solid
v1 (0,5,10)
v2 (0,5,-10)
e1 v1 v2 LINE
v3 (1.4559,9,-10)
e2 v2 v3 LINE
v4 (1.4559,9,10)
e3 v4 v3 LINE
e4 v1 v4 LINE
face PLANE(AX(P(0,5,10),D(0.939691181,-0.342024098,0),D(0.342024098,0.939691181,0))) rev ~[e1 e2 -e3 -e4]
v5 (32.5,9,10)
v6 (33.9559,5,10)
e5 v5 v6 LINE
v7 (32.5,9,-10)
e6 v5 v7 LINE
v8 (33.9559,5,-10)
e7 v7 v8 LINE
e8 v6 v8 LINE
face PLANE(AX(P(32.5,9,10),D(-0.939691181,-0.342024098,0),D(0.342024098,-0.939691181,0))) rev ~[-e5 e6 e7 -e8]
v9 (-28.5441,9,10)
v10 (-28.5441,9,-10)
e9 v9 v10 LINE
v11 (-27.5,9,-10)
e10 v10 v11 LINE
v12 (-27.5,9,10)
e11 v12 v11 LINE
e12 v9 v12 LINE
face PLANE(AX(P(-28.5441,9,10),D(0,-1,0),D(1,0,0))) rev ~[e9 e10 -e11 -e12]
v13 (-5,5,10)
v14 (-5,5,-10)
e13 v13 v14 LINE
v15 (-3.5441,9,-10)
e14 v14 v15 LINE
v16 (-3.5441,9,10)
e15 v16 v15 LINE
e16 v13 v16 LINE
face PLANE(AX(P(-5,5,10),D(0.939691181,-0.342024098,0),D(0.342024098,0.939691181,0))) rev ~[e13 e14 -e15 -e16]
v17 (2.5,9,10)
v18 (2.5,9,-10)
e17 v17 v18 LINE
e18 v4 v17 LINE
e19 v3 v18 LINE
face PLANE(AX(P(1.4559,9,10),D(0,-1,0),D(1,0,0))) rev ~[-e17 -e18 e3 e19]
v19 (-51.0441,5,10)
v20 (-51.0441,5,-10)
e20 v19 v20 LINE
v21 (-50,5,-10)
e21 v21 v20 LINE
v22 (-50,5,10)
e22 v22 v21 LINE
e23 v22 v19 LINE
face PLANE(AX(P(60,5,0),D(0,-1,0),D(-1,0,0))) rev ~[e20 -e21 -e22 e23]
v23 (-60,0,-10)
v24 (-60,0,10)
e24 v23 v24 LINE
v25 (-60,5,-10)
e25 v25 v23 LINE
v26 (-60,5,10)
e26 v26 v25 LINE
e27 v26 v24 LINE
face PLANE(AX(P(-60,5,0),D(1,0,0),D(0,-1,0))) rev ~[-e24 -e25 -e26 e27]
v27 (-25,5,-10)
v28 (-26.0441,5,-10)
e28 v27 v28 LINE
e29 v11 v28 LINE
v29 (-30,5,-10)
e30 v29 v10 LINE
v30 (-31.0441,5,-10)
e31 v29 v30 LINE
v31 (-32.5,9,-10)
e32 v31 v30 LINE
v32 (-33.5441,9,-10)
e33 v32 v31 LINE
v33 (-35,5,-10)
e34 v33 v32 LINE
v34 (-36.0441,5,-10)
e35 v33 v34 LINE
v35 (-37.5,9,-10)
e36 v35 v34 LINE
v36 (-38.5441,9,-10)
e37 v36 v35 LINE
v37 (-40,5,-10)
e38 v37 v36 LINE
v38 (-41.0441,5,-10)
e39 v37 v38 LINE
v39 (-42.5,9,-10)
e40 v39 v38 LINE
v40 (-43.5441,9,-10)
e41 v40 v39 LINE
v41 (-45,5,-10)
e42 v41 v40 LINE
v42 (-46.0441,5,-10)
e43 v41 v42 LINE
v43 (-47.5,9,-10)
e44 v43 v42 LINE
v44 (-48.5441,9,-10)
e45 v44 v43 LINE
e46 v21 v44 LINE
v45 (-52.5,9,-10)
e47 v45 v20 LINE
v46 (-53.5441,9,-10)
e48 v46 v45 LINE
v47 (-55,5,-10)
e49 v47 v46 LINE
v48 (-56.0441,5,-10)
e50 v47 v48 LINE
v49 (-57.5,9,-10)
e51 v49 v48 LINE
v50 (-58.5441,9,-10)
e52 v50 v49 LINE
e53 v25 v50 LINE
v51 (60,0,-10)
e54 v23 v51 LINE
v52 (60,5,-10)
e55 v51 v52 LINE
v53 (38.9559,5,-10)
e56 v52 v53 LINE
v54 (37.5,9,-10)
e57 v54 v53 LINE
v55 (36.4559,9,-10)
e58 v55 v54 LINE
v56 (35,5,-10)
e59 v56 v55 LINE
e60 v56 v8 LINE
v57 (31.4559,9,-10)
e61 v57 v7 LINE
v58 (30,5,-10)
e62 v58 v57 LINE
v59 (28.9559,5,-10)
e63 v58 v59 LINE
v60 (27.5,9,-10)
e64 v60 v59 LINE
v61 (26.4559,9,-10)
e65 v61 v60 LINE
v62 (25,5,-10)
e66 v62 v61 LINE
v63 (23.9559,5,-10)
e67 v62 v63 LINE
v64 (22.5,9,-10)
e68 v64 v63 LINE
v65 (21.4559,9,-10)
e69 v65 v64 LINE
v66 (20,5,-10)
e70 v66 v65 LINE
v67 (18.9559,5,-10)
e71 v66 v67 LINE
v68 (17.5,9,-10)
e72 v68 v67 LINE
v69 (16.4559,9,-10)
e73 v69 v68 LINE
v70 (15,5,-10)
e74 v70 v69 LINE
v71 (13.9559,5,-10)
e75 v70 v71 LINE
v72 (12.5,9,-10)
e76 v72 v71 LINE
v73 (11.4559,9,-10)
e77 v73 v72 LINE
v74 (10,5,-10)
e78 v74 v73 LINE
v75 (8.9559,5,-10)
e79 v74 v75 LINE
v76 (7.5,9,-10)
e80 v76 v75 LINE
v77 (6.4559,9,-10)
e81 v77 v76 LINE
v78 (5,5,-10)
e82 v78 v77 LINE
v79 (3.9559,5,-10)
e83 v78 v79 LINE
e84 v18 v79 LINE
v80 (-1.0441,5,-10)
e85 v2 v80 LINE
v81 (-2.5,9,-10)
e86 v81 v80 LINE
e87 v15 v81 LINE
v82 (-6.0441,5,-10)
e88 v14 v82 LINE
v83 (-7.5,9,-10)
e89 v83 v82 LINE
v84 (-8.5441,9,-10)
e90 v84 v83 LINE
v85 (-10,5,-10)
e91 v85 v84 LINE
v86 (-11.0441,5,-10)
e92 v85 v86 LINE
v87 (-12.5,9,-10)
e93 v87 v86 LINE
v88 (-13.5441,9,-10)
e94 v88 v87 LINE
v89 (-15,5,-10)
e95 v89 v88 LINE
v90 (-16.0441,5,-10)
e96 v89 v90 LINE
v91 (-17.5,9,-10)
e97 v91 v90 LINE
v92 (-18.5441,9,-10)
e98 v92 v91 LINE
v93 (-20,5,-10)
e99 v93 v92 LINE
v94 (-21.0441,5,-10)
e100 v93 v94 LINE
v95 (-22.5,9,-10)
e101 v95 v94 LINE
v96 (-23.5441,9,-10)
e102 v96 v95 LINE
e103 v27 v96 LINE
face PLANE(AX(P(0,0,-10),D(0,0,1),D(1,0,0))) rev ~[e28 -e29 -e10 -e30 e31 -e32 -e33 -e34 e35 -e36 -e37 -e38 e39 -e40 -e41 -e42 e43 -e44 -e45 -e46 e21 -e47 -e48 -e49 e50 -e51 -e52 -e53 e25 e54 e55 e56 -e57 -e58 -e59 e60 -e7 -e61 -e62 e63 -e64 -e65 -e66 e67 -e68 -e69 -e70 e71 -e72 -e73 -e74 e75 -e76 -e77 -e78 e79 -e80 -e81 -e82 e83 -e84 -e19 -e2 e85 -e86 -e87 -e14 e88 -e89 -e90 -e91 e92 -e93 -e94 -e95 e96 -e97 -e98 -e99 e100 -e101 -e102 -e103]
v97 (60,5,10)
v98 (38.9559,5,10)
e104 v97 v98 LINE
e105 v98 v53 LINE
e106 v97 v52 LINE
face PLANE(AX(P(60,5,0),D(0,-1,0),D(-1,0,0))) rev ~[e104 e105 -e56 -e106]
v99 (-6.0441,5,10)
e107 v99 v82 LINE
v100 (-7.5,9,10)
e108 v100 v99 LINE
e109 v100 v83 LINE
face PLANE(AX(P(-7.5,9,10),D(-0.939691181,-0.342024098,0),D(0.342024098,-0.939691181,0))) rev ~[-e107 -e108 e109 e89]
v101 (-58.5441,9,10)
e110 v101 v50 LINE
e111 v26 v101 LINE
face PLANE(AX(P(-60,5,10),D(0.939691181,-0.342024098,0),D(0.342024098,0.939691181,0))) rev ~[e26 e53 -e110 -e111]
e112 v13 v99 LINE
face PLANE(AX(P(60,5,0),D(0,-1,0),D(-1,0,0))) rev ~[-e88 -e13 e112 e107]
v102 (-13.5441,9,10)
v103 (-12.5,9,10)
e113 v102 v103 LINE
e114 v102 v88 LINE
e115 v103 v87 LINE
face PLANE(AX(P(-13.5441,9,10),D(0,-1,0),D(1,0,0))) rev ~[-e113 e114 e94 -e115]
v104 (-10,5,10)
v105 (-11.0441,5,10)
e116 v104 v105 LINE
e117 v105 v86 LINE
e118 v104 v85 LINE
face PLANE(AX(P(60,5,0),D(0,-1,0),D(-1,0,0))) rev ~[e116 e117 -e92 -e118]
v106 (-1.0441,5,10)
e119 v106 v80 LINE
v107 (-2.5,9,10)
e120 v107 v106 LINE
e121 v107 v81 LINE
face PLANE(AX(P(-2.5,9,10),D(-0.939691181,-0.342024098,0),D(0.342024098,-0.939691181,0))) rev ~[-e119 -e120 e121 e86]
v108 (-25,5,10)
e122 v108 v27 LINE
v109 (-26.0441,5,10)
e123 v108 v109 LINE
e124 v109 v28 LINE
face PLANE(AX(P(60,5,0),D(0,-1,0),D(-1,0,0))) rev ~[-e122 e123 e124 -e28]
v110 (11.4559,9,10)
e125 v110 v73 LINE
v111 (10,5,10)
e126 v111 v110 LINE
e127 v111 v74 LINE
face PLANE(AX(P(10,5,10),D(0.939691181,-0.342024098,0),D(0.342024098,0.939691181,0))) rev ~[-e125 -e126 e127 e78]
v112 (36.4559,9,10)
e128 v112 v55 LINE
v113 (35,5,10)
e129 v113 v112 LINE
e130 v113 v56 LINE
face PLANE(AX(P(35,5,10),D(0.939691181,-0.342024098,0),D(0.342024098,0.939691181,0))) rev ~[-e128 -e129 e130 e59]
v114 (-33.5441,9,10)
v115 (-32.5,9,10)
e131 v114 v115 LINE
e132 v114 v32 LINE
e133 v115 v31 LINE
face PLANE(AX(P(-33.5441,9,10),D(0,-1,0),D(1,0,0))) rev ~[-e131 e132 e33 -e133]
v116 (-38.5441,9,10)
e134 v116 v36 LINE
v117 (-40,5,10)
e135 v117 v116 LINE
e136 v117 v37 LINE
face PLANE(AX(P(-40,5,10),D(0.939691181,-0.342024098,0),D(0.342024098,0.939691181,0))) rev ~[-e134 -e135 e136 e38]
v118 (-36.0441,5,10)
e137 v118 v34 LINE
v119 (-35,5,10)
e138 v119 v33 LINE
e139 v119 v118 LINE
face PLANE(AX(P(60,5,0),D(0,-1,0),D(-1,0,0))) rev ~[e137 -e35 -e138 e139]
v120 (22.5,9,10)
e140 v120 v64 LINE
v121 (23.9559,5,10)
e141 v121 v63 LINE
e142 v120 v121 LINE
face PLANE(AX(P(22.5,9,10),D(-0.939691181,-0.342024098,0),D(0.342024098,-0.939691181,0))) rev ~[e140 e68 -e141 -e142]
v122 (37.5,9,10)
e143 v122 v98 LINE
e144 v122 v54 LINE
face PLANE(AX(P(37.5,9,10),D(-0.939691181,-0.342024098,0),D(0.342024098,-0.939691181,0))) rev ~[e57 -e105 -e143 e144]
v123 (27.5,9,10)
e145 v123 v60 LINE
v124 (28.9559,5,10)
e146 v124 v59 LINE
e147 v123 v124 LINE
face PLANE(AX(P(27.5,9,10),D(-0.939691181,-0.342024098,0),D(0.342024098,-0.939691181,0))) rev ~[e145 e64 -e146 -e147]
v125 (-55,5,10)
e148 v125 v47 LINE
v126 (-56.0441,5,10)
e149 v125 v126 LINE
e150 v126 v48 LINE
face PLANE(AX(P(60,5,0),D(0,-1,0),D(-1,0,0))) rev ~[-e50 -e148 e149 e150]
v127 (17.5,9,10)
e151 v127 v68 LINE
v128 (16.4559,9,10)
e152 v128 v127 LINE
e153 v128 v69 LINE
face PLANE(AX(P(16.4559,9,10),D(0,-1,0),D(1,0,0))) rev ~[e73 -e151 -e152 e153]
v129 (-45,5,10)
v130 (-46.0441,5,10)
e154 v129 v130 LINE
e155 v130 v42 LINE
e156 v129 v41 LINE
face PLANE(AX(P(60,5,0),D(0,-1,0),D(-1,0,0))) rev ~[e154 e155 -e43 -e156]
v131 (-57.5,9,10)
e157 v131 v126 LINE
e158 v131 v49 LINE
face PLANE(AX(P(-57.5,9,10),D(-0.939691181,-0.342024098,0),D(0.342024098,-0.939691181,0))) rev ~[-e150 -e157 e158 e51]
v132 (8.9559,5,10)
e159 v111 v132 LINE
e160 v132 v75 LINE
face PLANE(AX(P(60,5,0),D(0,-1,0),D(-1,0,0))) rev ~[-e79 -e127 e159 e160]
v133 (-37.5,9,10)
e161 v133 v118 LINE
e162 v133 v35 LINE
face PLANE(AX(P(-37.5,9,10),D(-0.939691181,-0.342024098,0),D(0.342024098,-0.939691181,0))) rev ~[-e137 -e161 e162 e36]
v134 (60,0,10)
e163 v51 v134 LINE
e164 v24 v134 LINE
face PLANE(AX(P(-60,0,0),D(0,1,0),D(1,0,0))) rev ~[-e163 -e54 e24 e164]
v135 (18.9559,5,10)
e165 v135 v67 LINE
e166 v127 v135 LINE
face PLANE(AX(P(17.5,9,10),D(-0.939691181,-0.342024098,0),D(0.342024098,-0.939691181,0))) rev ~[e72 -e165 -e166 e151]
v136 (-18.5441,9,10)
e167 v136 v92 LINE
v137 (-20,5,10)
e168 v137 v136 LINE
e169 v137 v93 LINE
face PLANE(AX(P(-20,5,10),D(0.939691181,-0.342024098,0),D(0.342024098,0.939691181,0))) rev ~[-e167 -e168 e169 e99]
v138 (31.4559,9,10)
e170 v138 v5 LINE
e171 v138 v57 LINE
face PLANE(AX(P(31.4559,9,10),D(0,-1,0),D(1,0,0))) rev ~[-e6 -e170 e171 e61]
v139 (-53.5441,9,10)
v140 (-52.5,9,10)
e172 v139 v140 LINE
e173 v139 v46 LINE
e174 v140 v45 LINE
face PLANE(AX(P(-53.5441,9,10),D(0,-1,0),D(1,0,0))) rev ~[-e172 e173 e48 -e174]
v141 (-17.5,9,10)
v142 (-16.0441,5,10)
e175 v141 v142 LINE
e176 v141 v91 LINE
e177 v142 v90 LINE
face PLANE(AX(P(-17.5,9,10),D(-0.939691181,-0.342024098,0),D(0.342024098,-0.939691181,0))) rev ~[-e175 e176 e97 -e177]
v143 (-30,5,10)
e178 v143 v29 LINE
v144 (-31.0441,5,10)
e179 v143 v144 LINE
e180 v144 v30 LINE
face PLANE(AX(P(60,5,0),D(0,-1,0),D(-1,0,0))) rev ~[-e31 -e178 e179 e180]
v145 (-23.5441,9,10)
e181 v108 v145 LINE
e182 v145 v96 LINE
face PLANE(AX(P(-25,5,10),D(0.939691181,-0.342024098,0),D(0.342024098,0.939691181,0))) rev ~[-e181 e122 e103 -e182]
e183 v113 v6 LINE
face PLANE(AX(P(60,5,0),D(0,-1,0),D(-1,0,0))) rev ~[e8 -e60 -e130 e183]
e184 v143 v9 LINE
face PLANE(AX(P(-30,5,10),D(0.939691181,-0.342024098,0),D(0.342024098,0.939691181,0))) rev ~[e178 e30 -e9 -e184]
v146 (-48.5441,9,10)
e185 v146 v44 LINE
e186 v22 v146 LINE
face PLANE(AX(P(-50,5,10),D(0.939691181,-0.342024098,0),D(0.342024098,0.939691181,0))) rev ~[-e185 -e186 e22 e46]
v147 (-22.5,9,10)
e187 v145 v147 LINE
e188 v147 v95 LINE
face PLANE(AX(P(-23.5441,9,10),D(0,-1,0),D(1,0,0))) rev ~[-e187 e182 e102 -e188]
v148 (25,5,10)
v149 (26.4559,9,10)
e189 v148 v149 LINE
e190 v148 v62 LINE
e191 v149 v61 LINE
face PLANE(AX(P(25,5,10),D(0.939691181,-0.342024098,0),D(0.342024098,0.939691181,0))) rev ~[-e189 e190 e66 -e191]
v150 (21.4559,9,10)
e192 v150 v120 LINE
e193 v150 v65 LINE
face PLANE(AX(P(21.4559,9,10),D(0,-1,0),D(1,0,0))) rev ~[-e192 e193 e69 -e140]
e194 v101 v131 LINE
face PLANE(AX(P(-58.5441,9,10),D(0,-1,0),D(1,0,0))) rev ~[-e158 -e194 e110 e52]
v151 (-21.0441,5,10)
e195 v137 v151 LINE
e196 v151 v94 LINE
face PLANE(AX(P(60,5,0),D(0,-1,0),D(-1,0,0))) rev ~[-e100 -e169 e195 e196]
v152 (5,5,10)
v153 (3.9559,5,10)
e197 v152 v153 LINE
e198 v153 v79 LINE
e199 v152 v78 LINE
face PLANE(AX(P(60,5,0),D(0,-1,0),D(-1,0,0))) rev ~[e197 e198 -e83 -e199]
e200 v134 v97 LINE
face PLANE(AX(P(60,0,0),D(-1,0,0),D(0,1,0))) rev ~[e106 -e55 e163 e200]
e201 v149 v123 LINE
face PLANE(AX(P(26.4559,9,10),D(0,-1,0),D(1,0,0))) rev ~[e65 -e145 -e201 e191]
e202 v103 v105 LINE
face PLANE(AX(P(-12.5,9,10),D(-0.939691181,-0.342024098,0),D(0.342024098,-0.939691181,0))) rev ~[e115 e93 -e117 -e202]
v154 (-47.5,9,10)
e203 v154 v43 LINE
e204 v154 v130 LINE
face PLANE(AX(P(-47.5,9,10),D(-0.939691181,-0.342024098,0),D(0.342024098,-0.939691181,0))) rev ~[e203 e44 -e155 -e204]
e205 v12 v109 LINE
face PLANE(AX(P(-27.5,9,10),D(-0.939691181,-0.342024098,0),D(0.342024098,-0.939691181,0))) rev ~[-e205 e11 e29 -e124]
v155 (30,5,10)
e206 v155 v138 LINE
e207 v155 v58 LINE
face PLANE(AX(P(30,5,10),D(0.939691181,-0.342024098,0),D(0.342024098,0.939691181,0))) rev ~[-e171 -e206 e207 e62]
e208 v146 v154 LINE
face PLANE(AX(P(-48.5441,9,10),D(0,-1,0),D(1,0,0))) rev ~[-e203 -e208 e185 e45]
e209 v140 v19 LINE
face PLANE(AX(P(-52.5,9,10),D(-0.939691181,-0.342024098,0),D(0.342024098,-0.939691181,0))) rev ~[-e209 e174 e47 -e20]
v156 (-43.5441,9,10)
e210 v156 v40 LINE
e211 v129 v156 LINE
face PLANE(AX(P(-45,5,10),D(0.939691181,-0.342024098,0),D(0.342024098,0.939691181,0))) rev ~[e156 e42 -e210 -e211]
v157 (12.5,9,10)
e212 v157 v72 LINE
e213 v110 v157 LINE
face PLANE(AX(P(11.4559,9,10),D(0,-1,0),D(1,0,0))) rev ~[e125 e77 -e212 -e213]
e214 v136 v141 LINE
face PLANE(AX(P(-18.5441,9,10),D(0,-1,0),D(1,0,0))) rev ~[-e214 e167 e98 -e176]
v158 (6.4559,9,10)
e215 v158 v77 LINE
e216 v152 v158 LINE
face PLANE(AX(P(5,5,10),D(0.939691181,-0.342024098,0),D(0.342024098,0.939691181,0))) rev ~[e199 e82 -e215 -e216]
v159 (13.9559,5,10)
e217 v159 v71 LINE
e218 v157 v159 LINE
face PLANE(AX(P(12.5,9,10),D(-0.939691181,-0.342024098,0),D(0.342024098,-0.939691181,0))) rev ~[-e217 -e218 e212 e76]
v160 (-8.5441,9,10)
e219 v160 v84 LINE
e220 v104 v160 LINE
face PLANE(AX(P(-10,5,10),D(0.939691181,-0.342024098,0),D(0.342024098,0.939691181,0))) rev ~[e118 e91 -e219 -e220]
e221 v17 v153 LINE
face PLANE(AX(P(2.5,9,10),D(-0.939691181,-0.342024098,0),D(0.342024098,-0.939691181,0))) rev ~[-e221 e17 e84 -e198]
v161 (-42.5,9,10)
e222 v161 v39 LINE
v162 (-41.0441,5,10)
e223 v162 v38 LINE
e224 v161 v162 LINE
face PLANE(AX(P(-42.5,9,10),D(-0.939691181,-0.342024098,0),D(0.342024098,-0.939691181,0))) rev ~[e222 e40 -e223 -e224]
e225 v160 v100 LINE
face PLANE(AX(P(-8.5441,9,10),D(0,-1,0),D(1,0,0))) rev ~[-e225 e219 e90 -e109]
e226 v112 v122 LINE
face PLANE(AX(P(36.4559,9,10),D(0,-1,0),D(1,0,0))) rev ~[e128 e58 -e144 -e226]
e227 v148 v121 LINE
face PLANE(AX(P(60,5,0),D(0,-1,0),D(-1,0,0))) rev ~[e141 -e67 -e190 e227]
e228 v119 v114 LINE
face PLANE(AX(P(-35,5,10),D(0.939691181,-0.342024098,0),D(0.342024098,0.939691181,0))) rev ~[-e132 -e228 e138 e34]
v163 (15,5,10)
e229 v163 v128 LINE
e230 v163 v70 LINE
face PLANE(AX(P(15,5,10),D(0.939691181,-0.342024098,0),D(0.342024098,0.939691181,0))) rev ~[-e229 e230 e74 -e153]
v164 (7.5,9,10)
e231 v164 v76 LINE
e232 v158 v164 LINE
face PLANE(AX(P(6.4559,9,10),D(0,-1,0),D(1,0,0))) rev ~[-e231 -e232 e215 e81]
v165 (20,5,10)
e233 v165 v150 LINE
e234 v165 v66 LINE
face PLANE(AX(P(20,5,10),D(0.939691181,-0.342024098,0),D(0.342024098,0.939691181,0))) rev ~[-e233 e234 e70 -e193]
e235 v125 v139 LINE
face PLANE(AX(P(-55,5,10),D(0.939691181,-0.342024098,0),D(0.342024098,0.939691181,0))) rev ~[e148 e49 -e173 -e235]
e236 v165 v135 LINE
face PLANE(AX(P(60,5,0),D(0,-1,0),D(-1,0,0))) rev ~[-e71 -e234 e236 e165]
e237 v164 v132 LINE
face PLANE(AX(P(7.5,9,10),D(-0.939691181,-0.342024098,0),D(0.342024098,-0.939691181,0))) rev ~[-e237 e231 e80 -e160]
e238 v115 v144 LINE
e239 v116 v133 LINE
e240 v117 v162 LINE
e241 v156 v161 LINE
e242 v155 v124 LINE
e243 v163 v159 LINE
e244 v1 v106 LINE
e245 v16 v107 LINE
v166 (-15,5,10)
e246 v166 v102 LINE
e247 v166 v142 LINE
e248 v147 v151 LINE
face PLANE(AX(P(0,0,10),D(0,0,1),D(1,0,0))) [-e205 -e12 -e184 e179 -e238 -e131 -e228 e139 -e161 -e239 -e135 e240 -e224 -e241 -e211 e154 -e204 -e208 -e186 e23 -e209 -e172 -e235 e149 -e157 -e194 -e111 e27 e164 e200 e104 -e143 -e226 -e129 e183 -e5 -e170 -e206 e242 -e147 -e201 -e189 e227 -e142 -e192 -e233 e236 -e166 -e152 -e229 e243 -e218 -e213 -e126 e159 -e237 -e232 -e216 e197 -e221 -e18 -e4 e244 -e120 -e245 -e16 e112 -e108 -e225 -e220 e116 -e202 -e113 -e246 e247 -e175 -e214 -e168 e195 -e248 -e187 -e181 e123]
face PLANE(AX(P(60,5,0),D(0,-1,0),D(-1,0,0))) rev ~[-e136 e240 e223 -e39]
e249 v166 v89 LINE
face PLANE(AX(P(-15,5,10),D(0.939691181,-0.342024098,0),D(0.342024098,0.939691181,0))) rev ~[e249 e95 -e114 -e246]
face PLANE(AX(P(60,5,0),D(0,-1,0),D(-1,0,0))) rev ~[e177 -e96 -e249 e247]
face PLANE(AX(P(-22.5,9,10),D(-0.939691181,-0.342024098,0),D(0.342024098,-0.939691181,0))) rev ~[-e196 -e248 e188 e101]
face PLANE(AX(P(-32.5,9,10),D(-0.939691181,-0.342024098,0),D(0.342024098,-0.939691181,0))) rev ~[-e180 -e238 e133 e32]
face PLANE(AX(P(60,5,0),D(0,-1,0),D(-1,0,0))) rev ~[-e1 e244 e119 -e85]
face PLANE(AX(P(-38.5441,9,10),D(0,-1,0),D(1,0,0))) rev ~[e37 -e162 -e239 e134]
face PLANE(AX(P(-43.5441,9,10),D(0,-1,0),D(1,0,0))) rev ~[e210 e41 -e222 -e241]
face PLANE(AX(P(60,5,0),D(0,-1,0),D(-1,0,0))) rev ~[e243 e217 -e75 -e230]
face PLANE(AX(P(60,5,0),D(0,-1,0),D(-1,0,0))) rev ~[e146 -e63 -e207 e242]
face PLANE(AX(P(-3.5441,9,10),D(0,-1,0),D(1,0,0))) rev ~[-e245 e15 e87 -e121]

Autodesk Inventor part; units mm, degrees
ref_plane "YZ Plane" through (0, 0, 0) normal (1, 0, 0) x (0, 1, 0)
ref_plane "XZ Plane" through (0, 0, 0) normal (0, 1, 0) x (-1, 0, 0)
ref_plane "XY Plane" through (0, 0, 0) normal (0, 0, 1) x (1, 0, 0)
sketch "Эскиз1" plane through (0, 0, 0) normal (0, 0, 1) x (1, 0, 0)
  line L0 (-60, 0) -> (60, 0)
  line L1 (60, 0) -> (60, 5)
  line L2 (60, 5) -> (-60, 5)
  line L3 (-60, 5) -> (-60, 0)
  point P0 (0, 0)
  point P1 (0, 0)
  dimension "d0" = 5
  dimension "d1" = 120
extrude "Выдавливание1" add sketch "Эскиз1" along normal mid plane 20
sketch "Эскиз3" plane through (0, 0, 0) normal (0, 0, 1) x (1, 0, 0)
  line L0 (-60, 5) -> (-58.5441, 9)
  line L1 (-58.5441, 9) -> (-57.5, 9)
  line L2 (-57.5, 9) -> (-56.0441, 5)
  line L3 (-60, 5) -> (60, 5) projected
  line L4 (-59.2721, 7) -> (-56.7721, 7) construction
  point P0 (0, 0)
  dimension "d4" = 40
  dimension "d5" = 4
  dimension "d6" = 2.5
extrude "Выдавливание2" add sketch "Эскиз3" against normal up to surface (20 mm away) from surface at 10
pattern_linear "Прямоуг.массив1" count 20 spacing 5 along (1, 0, 0) of "Выдавливание2"
properties part number "rack"
